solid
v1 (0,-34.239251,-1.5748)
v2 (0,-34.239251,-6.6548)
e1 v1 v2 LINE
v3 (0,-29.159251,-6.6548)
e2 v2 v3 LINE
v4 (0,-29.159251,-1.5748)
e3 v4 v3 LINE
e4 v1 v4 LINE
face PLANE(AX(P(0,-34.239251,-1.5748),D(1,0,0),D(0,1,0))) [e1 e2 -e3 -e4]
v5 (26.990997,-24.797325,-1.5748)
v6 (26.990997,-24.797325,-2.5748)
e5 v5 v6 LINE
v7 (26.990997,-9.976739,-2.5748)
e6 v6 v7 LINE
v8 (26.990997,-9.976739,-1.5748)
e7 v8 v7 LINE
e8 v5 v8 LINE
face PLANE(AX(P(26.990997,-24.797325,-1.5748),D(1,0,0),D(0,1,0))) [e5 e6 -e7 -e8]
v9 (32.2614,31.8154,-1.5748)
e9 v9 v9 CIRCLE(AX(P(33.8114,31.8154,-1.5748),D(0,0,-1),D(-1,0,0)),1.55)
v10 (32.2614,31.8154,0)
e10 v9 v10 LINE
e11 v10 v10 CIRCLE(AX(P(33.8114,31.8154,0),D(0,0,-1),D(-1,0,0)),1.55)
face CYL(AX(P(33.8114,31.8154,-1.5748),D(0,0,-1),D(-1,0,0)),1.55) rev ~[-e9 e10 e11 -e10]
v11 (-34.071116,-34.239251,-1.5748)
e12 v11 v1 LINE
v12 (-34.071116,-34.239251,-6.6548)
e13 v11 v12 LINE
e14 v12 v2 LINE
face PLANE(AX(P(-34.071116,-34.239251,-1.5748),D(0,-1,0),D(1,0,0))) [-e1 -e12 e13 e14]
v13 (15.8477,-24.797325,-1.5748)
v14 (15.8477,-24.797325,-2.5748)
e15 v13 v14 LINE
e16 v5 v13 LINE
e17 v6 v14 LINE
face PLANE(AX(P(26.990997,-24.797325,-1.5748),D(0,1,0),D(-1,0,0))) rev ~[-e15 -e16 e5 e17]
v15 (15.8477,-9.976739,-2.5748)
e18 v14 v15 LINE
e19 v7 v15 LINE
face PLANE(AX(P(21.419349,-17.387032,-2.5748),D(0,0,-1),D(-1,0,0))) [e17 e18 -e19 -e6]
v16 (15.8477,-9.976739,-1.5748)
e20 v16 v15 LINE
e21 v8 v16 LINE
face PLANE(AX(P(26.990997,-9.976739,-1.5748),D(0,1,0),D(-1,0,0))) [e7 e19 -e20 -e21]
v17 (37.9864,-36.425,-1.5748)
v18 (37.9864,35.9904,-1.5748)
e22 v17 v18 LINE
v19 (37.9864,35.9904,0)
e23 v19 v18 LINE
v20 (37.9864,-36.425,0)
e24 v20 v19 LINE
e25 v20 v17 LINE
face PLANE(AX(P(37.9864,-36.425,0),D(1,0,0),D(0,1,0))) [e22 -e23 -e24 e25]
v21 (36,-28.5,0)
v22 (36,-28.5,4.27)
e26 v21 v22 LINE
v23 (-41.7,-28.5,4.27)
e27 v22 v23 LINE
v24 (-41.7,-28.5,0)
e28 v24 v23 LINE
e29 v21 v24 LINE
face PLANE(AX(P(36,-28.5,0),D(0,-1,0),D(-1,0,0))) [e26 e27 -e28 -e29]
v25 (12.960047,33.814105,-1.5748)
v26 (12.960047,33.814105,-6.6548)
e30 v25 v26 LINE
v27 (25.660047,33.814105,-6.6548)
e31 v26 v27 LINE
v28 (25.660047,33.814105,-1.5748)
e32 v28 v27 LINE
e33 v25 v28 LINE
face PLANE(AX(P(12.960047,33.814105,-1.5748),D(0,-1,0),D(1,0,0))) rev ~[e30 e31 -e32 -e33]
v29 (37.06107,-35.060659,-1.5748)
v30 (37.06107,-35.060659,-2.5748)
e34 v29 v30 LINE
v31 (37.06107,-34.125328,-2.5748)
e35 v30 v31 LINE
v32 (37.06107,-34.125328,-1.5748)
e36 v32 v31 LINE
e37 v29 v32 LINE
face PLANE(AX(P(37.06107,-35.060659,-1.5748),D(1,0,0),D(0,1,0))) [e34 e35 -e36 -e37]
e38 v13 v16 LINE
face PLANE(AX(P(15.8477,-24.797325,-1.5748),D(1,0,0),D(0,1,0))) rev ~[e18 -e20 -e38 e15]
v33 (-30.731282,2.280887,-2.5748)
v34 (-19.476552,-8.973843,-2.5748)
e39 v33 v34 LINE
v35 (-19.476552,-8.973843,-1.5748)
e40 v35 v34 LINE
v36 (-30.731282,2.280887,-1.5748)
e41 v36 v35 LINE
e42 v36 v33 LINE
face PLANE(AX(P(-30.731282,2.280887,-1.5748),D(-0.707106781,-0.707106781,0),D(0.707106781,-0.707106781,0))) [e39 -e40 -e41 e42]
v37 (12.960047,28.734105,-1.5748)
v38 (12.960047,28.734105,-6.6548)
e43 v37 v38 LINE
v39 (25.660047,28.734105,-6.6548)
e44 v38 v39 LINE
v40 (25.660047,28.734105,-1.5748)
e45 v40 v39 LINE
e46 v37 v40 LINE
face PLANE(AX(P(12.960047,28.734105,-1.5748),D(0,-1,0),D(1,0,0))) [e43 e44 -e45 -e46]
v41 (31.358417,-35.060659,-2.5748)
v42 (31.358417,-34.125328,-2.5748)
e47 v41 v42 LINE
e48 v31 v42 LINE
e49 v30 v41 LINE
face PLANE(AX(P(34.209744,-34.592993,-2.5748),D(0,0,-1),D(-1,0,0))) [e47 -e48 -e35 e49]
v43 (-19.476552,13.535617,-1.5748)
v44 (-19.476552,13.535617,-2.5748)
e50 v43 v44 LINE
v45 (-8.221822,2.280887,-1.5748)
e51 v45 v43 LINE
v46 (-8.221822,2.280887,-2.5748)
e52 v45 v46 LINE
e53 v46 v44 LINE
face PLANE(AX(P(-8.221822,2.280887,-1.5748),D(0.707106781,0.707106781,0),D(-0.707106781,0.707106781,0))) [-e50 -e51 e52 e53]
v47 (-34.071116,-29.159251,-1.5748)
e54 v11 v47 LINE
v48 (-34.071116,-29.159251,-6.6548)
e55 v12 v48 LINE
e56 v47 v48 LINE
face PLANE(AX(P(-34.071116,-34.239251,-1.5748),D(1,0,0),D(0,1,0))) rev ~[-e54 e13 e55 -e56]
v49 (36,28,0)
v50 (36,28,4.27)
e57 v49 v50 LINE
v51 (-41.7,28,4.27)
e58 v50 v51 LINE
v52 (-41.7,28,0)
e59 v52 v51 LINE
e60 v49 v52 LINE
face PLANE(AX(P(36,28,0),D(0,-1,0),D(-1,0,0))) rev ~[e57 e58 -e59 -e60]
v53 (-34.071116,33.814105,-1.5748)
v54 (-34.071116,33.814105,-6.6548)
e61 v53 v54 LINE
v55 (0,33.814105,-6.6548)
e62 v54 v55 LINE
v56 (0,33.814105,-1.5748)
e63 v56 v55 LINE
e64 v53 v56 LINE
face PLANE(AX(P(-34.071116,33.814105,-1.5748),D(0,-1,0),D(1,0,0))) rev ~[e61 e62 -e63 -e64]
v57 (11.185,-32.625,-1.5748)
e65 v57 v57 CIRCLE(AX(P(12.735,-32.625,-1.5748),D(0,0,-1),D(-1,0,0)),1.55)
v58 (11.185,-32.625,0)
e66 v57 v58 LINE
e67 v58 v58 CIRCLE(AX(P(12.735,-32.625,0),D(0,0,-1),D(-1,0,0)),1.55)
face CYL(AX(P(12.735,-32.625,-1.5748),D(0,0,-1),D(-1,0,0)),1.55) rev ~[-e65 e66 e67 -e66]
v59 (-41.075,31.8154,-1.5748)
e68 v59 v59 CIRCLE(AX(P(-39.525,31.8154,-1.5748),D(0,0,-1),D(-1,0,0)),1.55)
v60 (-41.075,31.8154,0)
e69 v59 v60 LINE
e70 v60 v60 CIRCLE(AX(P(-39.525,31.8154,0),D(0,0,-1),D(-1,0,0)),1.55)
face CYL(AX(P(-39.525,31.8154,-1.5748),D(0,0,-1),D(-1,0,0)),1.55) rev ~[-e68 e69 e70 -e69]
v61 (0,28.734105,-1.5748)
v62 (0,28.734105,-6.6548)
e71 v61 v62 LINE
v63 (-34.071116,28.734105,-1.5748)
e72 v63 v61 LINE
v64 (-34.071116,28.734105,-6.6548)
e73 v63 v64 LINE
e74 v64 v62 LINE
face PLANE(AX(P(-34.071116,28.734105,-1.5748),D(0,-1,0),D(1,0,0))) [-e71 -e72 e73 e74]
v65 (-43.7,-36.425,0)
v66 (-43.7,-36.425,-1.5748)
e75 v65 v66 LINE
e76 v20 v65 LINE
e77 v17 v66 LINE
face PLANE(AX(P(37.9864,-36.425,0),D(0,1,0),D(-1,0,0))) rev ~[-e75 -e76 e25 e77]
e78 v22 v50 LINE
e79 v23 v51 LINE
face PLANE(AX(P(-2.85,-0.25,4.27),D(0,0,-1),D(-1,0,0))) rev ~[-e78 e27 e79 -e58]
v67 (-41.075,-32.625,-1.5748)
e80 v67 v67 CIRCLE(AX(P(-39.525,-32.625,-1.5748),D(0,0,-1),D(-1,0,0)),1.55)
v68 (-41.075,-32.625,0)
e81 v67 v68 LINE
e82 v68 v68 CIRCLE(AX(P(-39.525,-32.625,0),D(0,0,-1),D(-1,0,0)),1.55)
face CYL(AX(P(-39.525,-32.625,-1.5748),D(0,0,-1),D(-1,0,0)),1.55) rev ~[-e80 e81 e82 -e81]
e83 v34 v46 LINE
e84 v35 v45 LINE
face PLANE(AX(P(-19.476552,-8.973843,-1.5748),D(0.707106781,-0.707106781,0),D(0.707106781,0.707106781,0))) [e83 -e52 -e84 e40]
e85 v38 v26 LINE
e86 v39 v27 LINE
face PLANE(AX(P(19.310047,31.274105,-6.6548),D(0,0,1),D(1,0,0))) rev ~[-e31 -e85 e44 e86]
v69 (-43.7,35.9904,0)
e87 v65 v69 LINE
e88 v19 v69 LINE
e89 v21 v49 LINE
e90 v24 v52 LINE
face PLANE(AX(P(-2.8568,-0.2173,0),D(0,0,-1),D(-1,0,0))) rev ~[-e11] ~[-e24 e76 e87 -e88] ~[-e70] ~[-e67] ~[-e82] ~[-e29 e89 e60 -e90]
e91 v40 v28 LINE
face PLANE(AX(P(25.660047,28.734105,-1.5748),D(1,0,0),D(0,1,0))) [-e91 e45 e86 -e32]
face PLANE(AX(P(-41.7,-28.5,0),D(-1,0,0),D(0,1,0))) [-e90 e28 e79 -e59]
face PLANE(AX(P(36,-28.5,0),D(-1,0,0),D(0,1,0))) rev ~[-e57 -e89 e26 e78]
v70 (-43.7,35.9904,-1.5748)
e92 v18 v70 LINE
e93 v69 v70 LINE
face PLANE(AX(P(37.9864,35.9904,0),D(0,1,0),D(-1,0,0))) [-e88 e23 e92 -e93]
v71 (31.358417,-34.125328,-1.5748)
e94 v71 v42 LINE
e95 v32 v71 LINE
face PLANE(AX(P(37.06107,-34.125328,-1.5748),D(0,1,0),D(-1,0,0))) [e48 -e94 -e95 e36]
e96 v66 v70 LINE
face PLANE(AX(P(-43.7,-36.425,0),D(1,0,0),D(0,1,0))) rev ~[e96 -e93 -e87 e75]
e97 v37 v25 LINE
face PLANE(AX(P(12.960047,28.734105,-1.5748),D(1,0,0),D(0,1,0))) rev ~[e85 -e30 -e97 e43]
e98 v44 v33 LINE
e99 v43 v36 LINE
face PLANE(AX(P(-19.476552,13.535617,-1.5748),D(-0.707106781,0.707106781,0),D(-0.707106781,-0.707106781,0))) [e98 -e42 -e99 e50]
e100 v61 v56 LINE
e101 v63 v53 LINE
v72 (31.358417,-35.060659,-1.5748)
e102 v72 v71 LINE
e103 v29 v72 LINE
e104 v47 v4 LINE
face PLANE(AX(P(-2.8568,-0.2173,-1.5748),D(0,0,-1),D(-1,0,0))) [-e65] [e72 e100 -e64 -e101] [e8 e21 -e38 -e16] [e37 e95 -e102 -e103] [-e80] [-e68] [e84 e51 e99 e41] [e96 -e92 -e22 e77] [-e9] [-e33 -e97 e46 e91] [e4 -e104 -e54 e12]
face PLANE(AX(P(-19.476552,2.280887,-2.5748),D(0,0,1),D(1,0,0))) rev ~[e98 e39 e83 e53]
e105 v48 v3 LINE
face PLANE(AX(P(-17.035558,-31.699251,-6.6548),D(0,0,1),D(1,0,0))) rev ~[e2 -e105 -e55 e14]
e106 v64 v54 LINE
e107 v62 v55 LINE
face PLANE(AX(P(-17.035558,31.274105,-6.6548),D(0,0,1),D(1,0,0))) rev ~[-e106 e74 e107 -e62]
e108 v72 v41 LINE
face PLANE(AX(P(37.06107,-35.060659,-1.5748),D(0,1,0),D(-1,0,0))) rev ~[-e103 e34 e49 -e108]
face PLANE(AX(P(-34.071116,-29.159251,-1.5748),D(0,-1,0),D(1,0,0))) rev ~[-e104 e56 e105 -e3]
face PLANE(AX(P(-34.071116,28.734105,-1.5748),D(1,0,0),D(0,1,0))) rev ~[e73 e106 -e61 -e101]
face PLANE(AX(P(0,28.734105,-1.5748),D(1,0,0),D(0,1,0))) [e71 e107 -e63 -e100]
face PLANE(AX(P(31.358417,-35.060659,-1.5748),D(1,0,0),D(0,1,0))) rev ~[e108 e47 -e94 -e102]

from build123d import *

# Parameters (mm, degrees)
SKETCH1_W           = 81.6864
SKETCH1_H           = 72.4154
BOSS_EXTRUDE1_DEPTH = 1.5748
SKETCH2_W           = 77.7
SKETCH2_H           = 56.5
BOSS_EXTRUDE2_DEPTH = 4.27
SKETCH4_R           = 1.55
CUT_EXTRUDE1_DEPTH  = 58.189442313
SKETCH3_W           = 12.7
SKETCH3_H           = 5.08
SKETCH3_W_2         = 34.071115987
BOSS_EXTRUDE3_DEPTH = 5.08
SKETCH5_W           = 11.143297124
SKETCH5_H           = 14.820585176
SKETCH5_W_2         = 5.702652661
SKETCH5_H_2         = 0.935331402
BOSS_EXTRUDE4_DEPTH = 1


with BuildPart() as part:
    # Sketch1 → Boss-Extrude1 (new body)
    with BuildSketch(Plane(origin=(0, 0, 0), x_dir=(-1, 0, 0), z_dir=(0, 0, -1))):
        with Locations((2.8568, -0.2173)):
            Rectangle(SKETCH1_W, SKETCH1_H)
    extrude(amount=BOSS_EXTRUDE1_DEPTH)

    # Sketch2 → Boss-Extrude2 (add)
    with BuildSketch(Plane(origin=(0, 0, 0), x_dir=(-1, 0, 0), z_dir=(0, 0, -1))):
        with Locations((2.85, -0.25)):
            Rectangle(SKETCH2_W, SKETCH2_H)
    extrude(amount=-BOSS_EXTRUDE2_DEPTH)

    # Sketch4 → Cut-Extrude1 (cut, through all)
    with BuildSketch(Plane(origin=(0, 0, -1.5748), x_dir=(-1, 0, 0), z_dir=(0, 0, -1))):
        with Locations((39.525, 31.8154)):
            Circle(SKETCH4_R)
        with Locations((39.525, -32.625)):
            Circle(SKETCH4_R)
        with Locations((-12.735, -32.625)):
            Circle(SKETCH4_R)
        with Locations((-33.8114, 31.8154)):
            Circle(SKETCH4_R)
    extrude(amount=-CUT_EXTRUDE1_DEPTH, mode=Mode.SUBTRACT)

    # Sketch3 → Boss-Extrude3 (add)
    with BuildSketch(Plane.XY.offset(-1.5748)):
        with Locations((19.31004682, 31.274104804)):
            Rectangle(SKETCH3_W, SKETCH3_H)
        with Locations((-17.035557993, 31.274104804)):
            Rectangle(SKETCH3_W_2, SKETCH3_H)
        with Locations((-17.035557993, -31.699250815)):
            Rectangle(SKETCH3_W_2, SKETCH3_H)
    extrude(amount=-BOSS_EXTRUDE3_DEPTH)

    # Sketch5 → Boss-Extrude4 (add)
    with BuildSketch(Plane(origin=(0, 0, -1.5748), x_dir=(-1, 0, 0), z_dir=(0, 0, -1))):
        Polygon((19.476551601, 13.535617464), (30.731281697, 2.280887368), (19.476551601, -8.973842728), (8.221821505, 2.280887368), align=None)
        with Locations((-21.419348846, -17.387032057)):
            Rectangle(SKETCH5_W, SKETCH5_H)
        with Locations((-34.20974354, -34.592993391)):
            Rectangle(SKETCH5_W_2, SKETCH5_H_2)
    extrude(amount=BOSS_EXTRUDE4_DEPTH)


solid = part.part
